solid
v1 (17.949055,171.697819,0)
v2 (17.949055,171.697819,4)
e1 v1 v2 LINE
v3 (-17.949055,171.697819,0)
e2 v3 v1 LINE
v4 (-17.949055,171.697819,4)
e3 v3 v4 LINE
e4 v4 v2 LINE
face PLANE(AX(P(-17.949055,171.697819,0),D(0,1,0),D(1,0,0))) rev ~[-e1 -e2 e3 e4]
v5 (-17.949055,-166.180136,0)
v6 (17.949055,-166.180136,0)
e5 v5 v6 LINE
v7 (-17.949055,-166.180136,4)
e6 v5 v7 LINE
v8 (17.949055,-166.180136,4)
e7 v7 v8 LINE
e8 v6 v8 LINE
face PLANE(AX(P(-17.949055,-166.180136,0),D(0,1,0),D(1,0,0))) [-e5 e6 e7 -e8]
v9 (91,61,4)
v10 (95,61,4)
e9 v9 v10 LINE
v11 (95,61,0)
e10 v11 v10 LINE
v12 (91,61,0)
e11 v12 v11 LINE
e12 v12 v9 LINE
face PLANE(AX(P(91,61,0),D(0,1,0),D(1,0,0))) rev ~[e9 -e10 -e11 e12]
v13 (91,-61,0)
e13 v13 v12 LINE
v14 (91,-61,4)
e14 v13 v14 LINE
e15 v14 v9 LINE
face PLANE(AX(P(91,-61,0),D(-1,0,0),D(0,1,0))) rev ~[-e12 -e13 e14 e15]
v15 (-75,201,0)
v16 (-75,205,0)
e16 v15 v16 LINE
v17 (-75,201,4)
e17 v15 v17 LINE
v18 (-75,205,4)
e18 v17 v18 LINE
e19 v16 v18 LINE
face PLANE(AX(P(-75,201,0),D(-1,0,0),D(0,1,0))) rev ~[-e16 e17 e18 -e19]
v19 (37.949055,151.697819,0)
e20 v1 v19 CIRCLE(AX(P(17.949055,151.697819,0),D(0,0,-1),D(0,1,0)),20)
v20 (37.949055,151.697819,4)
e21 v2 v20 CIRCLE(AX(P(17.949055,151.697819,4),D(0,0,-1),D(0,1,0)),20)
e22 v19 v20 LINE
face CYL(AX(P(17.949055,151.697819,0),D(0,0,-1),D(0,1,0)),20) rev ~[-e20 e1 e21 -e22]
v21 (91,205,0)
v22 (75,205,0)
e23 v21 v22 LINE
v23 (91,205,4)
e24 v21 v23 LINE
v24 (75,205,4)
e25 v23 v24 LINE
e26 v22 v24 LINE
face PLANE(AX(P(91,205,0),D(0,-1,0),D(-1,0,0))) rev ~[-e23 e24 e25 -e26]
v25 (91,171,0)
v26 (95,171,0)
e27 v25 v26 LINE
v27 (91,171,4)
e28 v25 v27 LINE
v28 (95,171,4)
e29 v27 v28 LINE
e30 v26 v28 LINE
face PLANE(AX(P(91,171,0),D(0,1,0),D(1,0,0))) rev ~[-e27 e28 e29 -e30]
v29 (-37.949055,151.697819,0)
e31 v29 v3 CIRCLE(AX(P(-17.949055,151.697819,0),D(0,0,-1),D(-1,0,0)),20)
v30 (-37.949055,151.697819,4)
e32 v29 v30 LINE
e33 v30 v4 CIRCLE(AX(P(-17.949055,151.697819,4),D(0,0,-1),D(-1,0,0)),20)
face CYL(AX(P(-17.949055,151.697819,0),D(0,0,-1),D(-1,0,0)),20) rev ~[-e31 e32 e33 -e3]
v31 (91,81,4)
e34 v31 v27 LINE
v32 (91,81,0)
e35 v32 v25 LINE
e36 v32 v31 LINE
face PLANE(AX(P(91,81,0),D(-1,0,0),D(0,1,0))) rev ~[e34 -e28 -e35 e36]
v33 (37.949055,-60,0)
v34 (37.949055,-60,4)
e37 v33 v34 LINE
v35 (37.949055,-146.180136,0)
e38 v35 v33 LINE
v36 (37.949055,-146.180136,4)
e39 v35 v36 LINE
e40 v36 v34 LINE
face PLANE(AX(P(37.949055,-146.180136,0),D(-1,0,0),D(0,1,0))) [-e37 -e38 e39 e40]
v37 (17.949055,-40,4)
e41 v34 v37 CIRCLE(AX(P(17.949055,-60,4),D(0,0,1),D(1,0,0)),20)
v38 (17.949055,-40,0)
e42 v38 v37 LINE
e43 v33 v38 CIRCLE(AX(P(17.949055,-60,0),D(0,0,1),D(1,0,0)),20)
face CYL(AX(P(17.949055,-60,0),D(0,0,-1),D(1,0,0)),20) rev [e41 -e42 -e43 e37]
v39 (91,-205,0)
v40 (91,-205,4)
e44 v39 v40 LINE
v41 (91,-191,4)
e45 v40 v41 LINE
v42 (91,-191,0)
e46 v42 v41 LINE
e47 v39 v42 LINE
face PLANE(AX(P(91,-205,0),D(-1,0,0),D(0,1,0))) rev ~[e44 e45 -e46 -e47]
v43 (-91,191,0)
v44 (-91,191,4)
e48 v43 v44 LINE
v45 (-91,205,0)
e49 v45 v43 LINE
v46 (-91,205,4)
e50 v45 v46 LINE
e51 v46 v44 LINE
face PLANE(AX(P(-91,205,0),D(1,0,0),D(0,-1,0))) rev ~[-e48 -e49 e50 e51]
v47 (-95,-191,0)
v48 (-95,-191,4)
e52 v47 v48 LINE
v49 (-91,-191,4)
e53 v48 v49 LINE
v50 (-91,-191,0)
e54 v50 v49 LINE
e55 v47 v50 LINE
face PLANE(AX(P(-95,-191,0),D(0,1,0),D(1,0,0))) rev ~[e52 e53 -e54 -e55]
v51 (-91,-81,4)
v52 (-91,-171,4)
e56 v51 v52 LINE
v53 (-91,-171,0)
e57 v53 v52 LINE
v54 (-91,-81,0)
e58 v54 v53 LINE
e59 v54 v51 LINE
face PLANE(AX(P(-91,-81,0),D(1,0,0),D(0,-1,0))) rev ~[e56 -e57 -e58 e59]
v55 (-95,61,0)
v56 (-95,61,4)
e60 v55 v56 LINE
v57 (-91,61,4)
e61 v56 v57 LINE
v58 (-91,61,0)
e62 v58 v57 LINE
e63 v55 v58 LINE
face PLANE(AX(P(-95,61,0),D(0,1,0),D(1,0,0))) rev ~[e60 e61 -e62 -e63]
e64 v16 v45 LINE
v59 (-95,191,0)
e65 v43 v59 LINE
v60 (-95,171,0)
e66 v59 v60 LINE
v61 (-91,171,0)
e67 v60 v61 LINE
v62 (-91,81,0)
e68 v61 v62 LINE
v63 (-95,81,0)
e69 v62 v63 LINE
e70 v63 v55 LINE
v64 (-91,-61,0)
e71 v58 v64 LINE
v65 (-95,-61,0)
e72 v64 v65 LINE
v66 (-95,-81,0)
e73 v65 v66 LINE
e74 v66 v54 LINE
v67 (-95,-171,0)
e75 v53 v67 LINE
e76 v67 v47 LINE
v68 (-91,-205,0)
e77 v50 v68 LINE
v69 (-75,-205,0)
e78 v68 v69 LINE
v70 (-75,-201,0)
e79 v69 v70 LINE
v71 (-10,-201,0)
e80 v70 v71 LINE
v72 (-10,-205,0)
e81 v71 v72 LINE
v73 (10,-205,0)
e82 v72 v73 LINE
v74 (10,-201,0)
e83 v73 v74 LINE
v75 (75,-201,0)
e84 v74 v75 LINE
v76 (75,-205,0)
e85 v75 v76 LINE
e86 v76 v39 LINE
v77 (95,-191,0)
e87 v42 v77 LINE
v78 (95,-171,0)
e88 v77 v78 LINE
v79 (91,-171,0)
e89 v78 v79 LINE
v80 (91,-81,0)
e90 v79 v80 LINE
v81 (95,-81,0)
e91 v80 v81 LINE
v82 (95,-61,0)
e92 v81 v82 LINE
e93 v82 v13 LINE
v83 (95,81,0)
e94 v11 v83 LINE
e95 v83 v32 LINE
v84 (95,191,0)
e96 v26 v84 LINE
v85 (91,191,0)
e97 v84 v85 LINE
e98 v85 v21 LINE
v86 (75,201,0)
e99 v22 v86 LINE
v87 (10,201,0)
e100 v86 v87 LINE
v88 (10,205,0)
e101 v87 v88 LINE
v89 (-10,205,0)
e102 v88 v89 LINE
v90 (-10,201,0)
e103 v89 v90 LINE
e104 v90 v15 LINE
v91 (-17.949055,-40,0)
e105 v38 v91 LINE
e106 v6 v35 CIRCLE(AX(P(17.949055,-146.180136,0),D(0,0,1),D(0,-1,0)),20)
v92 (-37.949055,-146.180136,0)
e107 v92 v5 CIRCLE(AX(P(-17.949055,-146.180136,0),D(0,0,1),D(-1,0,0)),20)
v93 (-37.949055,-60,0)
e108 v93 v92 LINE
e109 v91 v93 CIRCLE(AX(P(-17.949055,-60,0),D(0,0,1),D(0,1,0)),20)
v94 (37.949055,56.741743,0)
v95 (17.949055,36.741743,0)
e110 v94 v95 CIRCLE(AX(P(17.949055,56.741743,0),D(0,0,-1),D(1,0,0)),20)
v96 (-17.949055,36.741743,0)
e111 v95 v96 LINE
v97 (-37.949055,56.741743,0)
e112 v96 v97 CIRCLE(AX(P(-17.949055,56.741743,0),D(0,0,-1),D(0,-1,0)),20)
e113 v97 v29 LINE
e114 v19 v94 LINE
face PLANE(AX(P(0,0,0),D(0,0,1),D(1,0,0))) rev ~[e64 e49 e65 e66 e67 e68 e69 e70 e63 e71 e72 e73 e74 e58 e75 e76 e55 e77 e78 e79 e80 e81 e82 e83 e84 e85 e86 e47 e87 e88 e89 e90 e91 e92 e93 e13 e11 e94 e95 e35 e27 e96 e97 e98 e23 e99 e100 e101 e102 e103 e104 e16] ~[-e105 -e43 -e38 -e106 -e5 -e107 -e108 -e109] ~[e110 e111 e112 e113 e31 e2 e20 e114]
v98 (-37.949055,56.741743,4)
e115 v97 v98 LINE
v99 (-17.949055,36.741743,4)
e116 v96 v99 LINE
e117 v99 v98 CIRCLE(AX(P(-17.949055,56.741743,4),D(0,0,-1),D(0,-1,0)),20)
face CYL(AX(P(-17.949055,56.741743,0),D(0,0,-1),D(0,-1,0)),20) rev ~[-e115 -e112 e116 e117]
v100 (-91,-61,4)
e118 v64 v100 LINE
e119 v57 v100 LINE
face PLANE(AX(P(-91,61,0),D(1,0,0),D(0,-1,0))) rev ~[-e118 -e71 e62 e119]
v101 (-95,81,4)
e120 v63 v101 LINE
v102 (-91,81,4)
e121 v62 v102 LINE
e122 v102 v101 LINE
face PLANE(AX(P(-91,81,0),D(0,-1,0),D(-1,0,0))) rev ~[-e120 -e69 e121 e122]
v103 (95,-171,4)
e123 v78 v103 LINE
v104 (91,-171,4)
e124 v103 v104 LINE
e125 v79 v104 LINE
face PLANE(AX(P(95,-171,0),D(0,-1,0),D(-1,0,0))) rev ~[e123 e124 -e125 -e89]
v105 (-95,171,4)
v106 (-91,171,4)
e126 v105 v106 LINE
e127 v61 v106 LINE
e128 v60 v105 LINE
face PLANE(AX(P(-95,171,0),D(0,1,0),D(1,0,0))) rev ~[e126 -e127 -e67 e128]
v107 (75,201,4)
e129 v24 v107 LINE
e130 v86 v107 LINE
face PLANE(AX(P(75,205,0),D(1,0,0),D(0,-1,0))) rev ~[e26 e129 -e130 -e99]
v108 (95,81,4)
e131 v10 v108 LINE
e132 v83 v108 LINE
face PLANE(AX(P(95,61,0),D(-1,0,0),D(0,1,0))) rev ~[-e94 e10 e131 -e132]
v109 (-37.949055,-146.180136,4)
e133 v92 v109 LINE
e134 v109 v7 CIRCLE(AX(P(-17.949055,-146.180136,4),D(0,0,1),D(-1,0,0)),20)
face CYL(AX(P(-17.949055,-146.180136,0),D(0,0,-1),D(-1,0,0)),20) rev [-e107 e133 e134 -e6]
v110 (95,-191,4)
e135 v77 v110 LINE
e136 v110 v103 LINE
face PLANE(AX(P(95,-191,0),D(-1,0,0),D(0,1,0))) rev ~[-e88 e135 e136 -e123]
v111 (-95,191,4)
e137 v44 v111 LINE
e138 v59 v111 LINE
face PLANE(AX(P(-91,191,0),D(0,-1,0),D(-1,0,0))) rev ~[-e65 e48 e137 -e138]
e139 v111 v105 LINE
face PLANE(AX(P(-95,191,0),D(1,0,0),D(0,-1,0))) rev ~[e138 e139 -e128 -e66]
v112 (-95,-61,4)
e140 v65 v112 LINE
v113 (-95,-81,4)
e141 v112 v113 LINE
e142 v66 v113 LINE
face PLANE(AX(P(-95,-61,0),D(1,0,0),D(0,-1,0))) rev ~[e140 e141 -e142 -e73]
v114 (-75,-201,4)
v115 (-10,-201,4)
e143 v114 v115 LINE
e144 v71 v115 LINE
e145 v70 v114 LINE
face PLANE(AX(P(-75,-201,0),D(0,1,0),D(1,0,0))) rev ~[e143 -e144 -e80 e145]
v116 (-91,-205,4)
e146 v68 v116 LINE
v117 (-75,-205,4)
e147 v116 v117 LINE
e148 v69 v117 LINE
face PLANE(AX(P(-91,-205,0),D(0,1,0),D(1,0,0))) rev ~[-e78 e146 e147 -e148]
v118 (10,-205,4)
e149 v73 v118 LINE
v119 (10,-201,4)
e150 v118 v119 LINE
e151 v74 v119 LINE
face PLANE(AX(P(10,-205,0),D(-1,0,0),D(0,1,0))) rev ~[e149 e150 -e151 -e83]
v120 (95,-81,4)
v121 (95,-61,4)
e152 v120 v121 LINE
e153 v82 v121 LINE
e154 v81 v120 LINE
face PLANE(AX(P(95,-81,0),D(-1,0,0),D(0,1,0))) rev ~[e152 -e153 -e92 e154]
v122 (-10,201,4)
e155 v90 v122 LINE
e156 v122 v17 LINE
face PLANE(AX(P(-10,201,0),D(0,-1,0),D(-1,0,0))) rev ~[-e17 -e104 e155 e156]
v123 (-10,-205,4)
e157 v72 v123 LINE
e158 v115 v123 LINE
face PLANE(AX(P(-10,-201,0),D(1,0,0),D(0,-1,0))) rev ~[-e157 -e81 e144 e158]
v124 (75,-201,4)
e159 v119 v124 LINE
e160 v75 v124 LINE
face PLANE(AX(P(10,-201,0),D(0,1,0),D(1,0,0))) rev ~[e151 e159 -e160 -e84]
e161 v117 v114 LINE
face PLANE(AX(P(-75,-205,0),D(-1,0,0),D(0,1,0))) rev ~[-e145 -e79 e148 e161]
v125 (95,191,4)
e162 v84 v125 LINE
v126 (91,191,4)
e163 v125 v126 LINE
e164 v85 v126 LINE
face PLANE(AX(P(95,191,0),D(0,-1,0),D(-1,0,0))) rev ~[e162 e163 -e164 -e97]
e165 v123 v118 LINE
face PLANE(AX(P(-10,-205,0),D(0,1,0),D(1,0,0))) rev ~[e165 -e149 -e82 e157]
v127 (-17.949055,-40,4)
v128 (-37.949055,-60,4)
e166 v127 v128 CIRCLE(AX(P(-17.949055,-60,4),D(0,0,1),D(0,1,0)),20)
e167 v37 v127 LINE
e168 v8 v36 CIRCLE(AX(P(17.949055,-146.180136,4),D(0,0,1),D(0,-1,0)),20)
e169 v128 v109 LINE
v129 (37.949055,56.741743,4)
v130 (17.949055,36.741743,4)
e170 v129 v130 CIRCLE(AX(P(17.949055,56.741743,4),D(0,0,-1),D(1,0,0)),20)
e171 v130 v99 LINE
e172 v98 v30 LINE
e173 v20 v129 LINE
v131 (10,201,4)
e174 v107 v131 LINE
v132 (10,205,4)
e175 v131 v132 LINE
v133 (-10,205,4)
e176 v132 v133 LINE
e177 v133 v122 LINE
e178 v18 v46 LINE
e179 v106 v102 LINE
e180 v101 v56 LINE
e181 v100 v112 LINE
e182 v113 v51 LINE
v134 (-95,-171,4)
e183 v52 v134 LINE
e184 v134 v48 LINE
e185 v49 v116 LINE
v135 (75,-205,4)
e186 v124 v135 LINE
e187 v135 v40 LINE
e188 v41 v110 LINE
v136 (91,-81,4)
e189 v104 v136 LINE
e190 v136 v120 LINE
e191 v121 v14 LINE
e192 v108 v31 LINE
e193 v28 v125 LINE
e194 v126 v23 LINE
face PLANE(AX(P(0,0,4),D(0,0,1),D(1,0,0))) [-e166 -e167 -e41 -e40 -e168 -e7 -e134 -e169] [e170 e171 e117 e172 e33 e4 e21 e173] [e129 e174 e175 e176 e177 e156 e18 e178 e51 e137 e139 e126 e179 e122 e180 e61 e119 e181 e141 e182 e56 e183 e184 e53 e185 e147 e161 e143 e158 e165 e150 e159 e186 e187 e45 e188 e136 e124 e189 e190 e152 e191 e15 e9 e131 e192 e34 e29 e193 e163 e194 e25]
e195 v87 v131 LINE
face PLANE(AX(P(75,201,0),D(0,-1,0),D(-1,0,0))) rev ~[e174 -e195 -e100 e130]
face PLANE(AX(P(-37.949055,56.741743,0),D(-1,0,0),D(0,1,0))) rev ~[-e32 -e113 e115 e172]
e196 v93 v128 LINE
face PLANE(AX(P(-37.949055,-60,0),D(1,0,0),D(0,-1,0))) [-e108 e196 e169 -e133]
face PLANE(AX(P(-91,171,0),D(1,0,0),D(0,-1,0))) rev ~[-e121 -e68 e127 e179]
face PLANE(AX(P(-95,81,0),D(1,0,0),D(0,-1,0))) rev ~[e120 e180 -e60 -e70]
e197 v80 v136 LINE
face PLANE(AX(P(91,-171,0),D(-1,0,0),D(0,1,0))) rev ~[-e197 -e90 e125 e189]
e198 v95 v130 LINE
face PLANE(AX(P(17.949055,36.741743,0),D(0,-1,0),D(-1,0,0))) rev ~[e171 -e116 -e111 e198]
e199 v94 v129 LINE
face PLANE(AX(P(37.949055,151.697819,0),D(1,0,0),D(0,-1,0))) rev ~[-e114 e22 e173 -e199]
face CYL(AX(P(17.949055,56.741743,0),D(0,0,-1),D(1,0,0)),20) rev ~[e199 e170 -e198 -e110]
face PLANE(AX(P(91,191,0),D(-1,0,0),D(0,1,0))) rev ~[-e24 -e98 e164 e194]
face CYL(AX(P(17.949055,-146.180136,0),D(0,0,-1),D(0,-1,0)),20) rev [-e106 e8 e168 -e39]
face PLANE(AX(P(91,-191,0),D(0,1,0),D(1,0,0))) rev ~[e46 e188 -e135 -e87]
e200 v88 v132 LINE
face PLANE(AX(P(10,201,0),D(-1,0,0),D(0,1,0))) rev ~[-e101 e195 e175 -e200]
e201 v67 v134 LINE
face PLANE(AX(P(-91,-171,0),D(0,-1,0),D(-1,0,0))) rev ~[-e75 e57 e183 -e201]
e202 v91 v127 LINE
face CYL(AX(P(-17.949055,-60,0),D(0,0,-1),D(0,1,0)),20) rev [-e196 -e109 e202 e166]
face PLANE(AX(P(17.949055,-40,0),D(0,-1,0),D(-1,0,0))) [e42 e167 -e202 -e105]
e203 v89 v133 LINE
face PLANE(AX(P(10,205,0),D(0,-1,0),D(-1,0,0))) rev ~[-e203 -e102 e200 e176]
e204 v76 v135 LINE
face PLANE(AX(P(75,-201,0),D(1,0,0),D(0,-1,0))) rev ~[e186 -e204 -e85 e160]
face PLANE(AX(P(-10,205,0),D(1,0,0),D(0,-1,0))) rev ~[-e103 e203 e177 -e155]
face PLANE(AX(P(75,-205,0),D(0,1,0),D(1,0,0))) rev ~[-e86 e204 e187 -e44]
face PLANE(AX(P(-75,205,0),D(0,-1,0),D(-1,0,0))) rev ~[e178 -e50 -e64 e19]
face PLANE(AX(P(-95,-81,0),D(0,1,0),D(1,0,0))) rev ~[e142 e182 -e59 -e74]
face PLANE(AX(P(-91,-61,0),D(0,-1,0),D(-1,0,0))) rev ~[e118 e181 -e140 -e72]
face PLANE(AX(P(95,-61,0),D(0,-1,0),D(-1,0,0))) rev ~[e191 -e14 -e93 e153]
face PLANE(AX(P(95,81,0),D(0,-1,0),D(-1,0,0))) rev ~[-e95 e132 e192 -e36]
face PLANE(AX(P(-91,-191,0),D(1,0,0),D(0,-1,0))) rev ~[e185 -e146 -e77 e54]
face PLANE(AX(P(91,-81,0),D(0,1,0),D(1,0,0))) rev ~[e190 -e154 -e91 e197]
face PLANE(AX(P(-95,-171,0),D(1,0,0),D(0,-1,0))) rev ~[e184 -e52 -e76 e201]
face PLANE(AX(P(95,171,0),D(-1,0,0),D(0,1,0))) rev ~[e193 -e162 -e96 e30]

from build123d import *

# Parameters (mm, degrees)
BOSS_EXTRUDE2_DEPTH = 4


with BuildPart() as part:
    # Sketch1 → Boss-Extrude2 (new body)
    with BuildSketch(Plane.XY):
        Polygon((-75, -201), (-10, -201), (-10, -205), (10, -205), (10, -201), (75, -201), (75, -205), (91, -205), (91, -191), (95, -191), (95, -171), (91, -171), (91, -81), (95, -81), (95, -61), (91, -61), (91, 61), (95, 61), (95, 81), (91, 81), (91, 171), (95, 171), (95, 191), (91, 191), (91, 205), (75, 205), (75, 201), (10, 201), (10, 205), (-10, 205), (-10, 201), (-75, 201), (-75, 205), (-91, 205), (-91, 191), (-95, 191), (-95, 171), (-91, 171), (-91, 81), (-95, 81), (-95, 61), (-91, 61), (-91, -61), (-95, -61), (-95, -81), (-91, -81), (-91, -171), (-95, -171), (-95, -191), (-91, -191), (-91, -205), (-75, -205), align=None)
        with BuildLine():
            Line((-17.949055326, 171.697819396), (17.949055326, 171.697819396))
            ThreePointArc((17.949055326, 171.697819396), (32.09119095, 165.83995502), (37.949055326, 151.697819396))
            Line((37.949055326, 151.697819396), (37.949055326, 56.741742537))
            ThreePointArc((37.949055326, 56.741742537), (32.09119095, 42.599606914), (17.949055326, 36.741742537))
            Line((17.949055326, 36.741742537), (-17.949055326, 36.741742537))
            ThreePointArc((-17.949055326, 36.741742537), (-32.09119095, 42.599606914), (-37.949055326, 56.741742537))
            Line((-37.949055326, 56.741742537), (-37.949055326, 151.697819396))
            ThreePointArc((-37.949055326, 151.697819396), (-32.09119095, 165.83995502), (-17.949055326, 171.697819396))
        make_face(mode=Mode.SUBTRACT)
        with BuildLine():
            Line((-17.949055326, -166.180135652), (17.949055326, -166.180135652))
            ThreePointArc((17.949055326, -166.180135652), (32.09119095, -160.322271276), (37.949055326, -146.180135652))
            Line((37.949055326, -146.180135652), (37.949055326, -60))
            ThreePointArc((37.949055326, -60), (32.09119095, -45.857864376), (17.949055326, -40))
            Line((17.949055326, -40), (-17.949055326, -40))
            ThreePointArc((-17.949055326, -40), (-32.09119095, -45.857864376), (-37.949055326, -60))
            Line((-37.949055326, -60), (-37.949055326, -146.180135652))
            ThreePointArc((-37.949055326, -146.180135652), (-32.09119095, -160.322271276), (-17.949055326, -166.180135652))
        make_face(mode=Mode.SUBTRACT)
    extrude(amount=BOSS_EXTRUDE2_DEPTH)


solid = part.part
